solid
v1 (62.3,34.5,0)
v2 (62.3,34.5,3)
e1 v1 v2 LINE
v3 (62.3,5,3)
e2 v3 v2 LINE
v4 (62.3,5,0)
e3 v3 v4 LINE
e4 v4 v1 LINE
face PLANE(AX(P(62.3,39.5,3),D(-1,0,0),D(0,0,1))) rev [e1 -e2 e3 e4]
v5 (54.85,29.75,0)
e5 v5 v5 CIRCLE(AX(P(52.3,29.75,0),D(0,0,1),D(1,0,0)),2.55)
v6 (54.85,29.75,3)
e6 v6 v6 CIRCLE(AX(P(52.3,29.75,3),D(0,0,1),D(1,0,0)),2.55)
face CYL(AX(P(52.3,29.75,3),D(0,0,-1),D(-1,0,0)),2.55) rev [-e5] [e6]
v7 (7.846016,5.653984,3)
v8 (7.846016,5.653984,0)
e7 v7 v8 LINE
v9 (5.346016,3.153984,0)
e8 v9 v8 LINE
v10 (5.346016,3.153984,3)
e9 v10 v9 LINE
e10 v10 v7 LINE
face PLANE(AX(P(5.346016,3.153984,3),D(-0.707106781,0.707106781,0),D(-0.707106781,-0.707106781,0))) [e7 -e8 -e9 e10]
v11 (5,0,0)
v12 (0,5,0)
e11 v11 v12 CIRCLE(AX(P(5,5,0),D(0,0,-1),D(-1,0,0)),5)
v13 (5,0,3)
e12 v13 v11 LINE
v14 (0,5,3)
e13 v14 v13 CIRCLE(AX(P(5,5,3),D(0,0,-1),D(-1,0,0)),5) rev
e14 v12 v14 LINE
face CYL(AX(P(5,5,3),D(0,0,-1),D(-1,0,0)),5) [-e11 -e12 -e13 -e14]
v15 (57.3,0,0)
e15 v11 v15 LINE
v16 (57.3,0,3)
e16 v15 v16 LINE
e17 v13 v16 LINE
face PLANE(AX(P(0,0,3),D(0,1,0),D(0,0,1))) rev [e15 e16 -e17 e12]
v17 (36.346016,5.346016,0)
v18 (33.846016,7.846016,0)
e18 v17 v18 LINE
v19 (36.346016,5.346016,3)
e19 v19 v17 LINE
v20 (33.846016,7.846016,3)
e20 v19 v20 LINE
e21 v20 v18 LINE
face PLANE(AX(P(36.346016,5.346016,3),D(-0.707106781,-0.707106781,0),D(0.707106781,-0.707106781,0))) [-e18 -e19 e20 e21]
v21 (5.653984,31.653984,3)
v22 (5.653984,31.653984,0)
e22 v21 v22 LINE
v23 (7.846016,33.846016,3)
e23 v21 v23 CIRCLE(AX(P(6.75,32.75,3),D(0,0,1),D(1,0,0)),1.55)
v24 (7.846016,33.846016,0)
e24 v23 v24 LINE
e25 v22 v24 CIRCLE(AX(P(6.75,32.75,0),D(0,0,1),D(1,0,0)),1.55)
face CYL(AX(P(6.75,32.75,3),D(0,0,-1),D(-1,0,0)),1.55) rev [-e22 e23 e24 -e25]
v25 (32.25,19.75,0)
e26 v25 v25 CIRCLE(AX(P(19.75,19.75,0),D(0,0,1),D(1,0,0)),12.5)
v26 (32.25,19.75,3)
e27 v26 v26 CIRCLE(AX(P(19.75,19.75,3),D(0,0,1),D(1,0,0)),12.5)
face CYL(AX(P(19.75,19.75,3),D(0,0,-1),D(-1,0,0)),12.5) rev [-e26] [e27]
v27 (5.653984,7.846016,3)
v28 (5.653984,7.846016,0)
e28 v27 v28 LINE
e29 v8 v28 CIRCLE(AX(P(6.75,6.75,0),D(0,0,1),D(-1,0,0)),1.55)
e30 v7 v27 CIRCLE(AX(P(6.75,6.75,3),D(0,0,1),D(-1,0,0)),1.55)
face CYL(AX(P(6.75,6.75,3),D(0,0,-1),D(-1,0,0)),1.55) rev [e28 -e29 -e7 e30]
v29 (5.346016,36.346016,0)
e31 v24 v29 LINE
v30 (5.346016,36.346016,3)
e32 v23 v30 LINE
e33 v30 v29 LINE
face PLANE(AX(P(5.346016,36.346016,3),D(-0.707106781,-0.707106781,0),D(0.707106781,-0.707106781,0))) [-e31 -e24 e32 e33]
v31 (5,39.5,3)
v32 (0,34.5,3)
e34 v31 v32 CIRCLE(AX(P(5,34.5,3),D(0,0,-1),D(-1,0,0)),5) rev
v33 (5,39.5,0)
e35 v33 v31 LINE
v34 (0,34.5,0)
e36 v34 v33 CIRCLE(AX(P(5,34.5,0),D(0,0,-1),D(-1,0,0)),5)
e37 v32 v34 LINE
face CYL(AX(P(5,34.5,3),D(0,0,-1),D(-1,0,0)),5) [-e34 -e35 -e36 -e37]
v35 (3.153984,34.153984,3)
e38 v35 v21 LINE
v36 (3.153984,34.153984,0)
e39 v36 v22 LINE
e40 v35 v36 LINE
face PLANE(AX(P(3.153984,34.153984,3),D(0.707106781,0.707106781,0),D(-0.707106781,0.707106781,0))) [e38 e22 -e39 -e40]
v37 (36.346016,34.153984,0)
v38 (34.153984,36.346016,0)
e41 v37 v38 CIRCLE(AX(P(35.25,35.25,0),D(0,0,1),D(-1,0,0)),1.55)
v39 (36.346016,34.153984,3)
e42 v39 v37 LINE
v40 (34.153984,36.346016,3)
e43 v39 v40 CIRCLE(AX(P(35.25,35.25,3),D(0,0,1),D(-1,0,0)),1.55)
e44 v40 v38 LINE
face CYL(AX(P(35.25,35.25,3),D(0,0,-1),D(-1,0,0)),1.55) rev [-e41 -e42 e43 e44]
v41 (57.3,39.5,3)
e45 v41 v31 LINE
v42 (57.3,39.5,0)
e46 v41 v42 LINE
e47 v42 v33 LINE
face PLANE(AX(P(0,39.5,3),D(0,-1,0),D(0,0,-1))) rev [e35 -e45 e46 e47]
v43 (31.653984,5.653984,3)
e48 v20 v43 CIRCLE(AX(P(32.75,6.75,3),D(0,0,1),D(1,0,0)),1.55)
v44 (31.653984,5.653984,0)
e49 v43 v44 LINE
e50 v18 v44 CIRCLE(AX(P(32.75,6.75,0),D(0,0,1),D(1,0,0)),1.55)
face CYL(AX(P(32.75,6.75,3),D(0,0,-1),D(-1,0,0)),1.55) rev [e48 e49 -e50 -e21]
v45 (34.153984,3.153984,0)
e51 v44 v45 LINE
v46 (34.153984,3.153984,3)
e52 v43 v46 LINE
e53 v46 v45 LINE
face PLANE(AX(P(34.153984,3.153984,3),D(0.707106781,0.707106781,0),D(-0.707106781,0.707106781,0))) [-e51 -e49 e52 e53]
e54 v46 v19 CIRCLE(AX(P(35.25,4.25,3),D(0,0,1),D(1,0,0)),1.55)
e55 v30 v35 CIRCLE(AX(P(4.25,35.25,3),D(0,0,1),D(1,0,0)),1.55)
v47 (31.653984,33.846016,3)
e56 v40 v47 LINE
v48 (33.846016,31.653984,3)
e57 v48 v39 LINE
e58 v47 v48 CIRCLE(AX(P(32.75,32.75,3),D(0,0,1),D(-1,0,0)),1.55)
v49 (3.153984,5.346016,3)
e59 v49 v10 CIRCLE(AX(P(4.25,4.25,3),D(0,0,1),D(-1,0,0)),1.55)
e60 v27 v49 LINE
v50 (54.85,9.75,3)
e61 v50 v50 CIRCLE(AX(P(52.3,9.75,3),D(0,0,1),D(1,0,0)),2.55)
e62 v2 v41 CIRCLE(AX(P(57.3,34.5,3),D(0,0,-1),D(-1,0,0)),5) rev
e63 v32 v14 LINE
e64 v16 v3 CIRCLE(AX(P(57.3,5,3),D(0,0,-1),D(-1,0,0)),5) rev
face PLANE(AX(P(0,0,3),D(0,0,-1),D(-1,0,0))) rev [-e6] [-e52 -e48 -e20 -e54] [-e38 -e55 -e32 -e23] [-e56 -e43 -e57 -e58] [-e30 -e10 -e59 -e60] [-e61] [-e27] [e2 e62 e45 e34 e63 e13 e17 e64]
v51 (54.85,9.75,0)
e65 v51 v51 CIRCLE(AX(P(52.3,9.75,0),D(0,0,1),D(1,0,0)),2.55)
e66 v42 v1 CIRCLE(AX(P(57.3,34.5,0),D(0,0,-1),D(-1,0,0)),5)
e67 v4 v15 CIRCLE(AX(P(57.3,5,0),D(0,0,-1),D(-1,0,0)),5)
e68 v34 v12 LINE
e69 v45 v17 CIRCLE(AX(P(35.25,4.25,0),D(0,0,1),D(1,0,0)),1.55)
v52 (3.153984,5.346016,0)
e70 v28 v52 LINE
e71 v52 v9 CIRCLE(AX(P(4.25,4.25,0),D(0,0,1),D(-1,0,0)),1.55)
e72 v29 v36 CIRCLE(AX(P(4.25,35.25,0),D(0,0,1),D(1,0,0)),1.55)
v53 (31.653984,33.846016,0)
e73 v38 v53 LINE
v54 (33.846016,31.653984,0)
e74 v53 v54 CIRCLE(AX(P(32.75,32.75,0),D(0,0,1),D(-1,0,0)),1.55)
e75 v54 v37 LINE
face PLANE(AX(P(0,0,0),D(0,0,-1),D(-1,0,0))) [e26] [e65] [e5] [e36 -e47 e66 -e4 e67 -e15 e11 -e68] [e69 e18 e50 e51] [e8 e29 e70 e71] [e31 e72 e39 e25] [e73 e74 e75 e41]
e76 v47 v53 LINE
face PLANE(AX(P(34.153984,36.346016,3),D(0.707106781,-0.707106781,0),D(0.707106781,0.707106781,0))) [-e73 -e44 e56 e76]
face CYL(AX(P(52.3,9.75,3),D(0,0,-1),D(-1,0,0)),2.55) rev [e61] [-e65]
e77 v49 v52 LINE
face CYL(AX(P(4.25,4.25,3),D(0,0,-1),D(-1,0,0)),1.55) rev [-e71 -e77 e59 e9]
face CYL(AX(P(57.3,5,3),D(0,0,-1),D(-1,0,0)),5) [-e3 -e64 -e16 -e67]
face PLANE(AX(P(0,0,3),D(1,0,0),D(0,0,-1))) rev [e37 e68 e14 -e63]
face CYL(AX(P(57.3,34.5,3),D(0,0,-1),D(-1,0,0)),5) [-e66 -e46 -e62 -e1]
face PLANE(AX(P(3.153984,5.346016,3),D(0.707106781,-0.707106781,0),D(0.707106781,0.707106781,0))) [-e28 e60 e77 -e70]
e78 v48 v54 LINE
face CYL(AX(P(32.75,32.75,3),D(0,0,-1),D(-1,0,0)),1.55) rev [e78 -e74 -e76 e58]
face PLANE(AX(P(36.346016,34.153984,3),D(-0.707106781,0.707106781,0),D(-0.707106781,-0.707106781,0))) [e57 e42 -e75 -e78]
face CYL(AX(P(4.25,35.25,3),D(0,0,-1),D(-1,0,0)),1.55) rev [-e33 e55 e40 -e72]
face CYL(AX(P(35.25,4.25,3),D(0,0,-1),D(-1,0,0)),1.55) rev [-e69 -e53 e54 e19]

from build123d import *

# Parameters (mm, degrees)
SKETCH1_W           = 62.3
SKETCH1_H           = 39.5
SKETCH1_R           = 12.5
SKETCH1_R_2         = 2.55
BOSS_EXTRUDE1_DEPTH = 3
FILLET1_R           = 5


with BuildPart() as part:
    # Sketch1 → Boss-Extrude1 (new body)
    with BuildSketch(Plane.XY):
        with Locations((31.15, 19.75)):
            Rectangle(SKETCH1_W, SKETCH1_H)
        with Locations((19.75, 19.75)):
            Circle(SKETCH1_R, mode=Mode.SUBTRACT)
        with Locations((52.3, 29.75)):
            Circle(SKETCH1_R_2, mode=Mode.SUBTRACT)
        with Locations((52.3, 9.75)):
            Circle(SKETCH1_R_2, mode=Mode.SUBTRACT)
        with BuildLine():
            Line((5.346015511, 36.346015511), (7.846015511, 33.846015511))
            ThreePointArc((7.846015511, 33.846015511), (7.846015511, 31.653984489), (5.653984489, 31.653984489))
            Line((5.653984489, 31.653984489), (3.153984489, 34.153984489))
            ThreePointArc((3.153984489, 34.153984489), (3.153984489, 36.346015511), (5.346015511, 36.346015511))
        make_face(mode=Mode.SUBTRACT)
        with BuildLine():
            Line((34.153984489, 36.346015511), (31.653984489, 33.846015511))
            ThreePointArc((31.653984489, 33.846015511), (31.653984489, 31.653984489), (33.846015511, 31.653984489))
            Line((33.846015511, 31.653984489), (36.346015511, 34.153984489))
            ThreePointArc((36.346015511, 34.153984489), (36.346015511, 36.346015511), (34.153984489, 36.346015511))
        make_face(mode=Mode.SUBTRACT)
        with BuildLine():
            Line((34.153984489, 3.153984489), (31.653984489, 5.653984489))
            ThreePointArc((31.653984489, 5.653984489), (31.653984489, 7.846015511), (33.846015511, 7.846015511))
            Line((33.846015511, 7.846015511), (36.346015511, 5.346015511))
            ThreePointArc((36.346015511, 5.346015511), (36.346015511, 3.153984489), (34.153984489, 3.153984489))
        make_face(mode=Mode.SUBTRACT)
        with BuildLine():
            Line((5.346015511, 3.153984489), (7.846015511, 5.653984489))
            ThreePointArc((7.846015511, 5.653984489), (7.846015511, 7.846015511), (5.653984489, 7.846015511))
            Line((5.653984489, 7.846015511), (3.153984489, 5.346015511))
            ThreePointArc((3.153984489, 5.346015511), (3.153984489, 3.153984489), (5.346015511, 3.153984489))
        make_face(mode=Mode.SUBTRACT)
    extrude(amount=BOSS_EXTRUDE1_DEPTH)

    # Fillet1
    fillet1_edges = [part.edges().sort_by_distance(p)[0] for p in [
        (0, 39.5, 1.5),
        (62.3, 39.5, 1.5),
        (62.3, 0, 1.5),
        (0, 0, 1.5),
    ]]
    fillet(fillet1_edges, radius=FILLET1_R)


solid = part.part
